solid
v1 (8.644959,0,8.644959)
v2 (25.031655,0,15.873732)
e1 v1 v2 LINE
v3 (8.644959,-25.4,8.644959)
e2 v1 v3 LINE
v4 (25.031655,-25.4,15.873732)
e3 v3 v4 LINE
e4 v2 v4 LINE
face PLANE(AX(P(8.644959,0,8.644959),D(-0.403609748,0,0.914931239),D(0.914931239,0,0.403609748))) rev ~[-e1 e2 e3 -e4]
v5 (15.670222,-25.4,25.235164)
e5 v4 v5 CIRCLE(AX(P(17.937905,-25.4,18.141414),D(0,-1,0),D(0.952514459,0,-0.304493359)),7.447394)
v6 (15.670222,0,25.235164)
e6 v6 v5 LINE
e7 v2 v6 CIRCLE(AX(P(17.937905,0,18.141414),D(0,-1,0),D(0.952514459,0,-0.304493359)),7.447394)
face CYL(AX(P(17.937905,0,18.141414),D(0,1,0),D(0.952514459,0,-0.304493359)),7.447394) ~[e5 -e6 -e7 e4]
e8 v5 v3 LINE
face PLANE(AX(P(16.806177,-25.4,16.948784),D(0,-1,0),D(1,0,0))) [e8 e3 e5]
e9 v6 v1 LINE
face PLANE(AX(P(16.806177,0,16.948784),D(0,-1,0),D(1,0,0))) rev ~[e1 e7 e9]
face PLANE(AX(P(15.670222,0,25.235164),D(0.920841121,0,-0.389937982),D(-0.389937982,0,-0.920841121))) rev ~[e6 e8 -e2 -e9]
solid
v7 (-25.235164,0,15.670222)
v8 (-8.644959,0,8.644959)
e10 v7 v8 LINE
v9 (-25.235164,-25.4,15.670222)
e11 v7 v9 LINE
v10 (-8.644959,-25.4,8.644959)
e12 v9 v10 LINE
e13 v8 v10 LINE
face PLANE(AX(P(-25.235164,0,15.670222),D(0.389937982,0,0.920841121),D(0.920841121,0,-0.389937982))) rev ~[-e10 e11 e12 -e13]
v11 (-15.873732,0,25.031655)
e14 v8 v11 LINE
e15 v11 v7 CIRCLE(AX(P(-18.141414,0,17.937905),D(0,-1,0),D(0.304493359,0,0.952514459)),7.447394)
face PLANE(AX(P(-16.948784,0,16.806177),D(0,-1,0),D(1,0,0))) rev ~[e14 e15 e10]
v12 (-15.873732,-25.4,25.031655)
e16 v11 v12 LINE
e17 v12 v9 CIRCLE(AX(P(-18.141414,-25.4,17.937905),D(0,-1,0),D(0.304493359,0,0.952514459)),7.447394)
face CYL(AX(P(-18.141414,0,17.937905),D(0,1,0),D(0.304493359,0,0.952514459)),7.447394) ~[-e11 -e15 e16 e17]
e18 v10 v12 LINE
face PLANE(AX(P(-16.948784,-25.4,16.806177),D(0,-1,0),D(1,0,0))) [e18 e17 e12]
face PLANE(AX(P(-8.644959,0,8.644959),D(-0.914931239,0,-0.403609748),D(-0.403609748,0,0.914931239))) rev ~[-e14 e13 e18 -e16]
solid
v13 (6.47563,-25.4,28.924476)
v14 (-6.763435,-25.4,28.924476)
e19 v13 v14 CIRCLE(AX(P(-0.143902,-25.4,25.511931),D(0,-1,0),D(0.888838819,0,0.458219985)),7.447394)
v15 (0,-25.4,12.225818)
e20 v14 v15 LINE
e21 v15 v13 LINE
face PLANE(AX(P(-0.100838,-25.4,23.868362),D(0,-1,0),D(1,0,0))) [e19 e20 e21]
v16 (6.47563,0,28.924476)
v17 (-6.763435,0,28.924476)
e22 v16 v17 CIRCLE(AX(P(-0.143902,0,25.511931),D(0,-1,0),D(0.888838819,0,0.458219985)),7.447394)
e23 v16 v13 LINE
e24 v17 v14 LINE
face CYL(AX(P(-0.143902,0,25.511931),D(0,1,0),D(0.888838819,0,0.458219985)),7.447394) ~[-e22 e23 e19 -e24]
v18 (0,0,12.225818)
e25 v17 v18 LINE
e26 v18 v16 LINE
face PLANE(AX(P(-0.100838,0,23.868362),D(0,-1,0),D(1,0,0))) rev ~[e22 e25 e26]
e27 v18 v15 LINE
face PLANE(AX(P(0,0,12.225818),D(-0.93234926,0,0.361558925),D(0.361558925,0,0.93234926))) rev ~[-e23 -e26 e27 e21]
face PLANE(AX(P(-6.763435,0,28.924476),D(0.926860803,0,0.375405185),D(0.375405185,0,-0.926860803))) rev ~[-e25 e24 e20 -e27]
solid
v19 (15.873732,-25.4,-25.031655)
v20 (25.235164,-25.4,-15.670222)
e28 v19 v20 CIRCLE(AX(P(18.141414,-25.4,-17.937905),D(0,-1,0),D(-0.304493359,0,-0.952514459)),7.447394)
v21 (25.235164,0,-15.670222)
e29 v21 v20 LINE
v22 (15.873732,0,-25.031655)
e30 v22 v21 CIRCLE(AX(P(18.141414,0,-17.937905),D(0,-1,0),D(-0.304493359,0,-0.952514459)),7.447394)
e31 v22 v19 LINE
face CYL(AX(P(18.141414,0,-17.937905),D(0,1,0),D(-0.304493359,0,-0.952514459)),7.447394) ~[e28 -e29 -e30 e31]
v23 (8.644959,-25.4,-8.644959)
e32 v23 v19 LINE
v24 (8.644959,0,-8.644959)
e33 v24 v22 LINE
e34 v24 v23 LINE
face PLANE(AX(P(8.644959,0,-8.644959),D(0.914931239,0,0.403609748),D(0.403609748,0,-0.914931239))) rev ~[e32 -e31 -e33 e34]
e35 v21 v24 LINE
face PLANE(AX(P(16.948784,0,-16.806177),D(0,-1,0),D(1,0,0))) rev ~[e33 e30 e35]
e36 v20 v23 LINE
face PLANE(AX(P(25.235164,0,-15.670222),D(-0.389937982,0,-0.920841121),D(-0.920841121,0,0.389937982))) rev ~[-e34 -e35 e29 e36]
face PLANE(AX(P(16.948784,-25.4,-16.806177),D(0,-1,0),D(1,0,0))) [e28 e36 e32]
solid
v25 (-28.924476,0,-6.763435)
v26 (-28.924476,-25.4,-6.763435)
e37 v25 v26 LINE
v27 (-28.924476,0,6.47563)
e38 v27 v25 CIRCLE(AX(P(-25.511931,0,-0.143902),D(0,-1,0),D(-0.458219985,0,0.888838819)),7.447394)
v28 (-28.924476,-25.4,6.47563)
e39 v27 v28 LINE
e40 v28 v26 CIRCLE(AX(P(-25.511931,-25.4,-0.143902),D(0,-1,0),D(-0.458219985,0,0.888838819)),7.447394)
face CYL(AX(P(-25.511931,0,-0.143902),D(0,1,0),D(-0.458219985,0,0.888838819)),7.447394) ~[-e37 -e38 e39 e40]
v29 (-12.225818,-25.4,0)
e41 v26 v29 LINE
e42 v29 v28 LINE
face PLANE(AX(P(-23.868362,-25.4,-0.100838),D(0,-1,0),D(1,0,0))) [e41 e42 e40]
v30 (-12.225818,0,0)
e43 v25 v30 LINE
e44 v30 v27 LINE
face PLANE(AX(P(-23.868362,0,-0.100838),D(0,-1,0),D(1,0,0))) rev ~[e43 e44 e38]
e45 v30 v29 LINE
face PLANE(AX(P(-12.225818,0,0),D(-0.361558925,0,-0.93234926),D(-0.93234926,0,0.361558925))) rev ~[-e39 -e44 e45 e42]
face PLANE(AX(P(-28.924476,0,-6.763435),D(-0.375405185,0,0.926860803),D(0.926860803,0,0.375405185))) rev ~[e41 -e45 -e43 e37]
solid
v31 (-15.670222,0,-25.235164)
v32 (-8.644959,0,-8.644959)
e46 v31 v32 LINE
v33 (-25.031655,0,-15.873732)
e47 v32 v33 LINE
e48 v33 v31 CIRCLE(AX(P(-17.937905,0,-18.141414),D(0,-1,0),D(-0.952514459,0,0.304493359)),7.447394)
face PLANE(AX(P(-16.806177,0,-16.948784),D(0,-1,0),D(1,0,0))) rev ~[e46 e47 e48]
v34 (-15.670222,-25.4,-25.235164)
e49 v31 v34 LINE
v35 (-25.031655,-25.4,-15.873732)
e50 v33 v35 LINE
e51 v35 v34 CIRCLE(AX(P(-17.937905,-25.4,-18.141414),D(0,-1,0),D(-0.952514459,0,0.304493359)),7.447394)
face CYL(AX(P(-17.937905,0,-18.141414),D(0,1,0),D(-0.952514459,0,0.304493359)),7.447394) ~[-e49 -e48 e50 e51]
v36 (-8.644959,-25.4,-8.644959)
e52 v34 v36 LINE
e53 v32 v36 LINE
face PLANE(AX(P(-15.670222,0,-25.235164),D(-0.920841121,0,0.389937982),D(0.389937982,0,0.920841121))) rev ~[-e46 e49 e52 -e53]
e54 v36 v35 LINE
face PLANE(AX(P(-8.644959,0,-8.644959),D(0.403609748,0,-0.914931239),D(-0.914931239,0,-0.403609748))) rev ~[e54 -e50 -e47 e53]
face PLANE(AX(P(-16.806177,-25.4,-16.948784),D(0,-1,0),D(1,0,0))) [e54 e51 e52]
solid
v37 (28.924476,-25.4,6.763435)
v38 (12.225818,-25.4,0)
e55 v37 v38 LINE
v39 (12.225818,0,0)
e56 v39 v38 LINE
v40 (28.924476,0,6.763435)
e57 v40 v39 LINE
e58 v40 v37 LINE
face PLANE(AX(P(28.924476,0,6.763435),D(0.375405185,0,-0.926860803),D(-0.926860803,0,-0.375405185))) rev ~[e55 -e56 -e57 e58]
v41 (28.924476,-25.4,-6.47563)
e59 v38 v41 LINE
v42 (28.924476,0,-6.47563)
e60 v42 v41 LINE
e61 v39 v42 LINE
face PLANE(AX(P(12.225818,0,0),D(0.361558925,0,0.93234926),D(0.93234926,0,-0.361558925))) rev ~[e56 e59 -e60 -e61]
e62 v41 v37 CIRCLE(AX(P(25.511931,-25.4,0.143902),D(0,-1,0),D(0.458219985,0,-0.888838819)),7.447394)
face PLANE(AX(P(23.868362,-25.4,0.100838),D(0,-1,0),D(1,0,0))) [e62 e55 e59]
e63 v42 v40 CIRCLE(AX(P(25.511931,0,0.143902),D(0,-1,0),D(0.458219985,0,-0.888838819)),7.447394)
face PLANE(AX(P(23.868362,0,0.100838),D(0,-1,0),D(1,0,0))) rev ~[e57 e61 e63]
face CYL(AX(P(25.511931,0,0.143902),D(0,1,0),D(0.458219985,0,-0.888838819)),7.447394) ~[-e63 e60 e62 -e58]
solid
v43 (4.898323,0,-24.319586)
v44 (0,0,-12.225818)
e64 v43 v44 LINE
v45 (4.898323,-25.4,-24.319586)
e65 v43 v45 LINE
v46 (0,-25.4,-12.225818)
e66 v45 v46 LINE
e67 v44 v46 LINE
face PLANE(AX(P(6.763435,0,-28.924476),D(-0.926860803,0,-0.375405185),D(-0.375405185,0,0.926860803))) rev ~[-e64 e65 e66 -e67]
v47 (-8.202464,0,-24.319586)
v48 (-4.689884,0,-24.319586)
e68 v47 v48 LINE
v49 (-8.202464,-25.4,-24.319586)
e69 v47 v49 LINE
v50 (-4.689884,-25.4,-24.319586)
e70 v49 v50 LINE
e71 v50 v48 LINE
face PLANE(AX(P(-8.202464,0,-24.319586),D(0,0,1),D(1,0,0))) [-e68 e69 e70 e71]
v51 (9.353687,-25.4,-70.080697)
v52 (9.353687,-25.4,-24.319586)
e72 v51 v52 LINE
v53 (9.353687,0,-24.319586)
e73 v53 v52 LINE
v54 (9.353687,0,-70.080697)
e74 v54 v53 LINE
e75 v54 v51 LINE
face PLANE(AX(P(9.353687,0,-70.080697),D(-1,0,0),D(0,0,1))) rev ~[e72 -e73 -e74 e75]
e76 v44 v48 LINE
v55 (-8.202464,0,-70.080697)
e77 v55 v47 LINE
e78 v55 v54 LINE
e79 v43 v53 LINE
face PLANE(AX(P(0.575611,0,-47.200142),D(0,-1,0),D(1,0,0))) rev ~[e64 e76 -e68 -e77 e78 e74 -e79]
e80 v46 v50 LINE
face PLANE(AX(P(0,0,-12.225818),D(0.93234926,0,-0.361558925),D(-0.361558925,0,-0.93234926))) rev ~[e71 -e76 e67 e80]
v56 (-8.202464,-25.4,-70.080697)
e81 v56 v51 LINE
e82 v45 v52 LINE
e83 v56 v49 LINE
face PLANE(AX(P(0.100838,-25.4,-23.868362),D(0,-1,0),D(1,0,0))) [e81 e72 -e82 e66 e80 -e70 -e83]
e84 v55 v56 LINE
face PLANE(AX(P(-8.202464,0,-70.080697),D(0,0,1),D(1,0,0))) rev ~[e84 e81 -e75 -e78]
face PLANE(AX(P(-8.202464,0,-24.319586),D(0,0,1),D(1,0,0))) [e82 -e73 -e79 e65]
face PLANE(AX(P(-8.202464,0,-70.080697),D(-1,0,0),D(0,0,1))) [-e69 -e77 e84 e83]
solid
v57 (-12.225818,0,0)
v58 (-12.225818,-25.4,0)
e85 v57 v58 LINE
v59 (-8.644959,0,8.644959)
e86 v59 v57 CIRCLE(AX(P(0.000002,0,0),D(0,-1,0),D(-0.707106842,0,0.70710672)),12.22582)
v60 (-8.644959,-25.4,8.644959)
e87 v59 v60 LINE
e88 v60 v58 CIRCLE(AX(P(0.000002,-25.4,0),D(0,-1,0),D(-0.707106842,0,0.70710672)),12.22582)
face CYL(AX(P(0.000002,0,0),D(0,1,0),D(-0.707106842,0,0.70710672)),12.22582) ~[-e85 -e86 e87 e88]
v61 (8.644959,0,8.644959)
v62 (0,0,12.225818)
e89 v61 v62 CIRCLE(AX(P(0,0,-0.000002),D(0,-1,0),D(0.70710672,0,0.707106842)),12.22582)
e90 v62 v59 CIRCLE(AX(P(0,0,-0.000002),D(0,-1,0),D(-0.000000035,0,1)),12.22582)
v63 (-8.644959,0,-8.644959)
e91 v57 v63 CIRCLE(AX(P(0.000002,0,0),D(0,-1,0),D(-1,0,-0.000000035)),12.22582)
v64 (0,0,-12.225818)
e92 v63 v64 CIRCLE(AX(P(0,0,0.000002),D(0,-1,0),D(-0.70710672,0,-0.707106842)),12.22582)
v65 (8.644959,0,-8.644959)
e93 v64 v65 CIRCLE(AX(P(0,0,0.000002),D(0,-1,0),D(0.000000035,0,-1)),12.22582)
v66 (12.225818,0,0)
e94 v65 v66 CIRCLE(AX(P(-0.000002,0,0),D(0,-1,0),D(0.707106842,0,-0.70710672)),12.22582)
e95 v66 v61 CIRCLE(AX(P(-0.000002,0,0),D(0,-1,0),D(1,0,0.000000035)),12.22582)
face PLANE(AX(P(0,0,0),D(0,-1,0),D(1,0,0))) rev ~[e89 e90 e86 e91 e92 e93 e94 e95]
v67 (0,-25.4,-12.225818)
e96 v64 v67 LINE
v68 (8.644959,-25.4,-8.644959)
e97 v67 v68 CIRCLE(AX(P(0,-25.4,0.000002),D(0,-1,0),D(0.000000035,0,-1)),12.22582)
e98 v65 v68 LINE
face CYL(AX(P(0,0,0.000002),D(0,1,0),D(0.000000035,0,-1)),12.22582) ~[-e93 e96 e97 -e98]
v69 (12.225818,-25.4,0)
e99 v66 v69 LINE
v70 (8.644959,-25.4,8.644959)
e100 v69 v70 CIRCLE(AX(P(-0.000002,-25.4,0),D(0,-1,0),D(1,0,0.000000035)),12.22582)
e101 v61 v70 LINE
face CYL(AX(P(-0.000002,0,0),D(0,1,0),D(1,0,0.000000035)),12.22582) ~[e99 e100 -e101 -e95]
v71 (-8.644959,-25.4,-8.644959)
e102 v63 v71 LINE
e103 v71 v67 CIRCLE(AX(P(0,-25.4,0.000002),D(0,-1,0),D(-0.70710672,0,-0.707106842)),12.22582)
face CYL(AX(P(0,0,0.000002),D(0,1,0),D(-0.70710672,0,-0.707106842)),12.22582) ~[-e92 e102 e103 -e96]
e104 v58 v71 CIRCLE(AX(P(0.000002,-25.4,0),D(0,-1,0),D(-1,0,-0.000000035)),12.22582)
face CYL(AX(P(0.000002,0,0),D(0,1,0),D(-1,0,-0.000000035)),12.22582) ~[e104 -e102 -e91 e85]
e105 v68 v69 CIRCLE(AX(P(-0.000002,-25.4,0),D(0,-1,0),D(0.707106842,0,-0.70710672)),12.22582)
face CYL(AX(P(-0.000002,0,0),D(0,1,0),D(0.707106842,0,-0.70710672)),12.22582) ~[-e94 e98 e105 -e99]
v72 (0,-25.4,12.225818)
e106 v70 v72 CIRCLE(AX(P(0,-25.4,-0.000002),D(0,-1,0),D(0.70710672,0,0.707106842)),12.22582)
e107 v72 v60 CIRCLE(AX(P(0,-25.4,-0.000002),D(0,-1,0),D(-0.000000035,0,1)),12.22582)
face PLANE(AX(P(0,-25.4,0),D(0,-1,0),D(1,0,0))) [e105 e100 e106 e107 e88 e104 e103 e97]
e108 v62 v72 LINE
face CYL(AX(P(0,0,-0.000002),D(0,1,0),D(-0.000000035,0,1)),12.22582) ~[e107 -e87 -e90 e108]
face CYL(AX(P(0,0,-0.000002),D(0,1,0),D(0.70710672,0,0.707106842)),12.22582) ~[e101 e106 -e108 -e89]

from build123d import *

# Parameters (mm, degrees)
F0_W      = 17.556151
F0_H      = 45.761111
F1_DEPTH  = 25.4
F3_DEPTH  = 25.4
F4_DEPTH  = 25.4
F5_DEPTH  = 25.4
F6_DEPTH  = 25.4
F7_DEPTH  = 25.4
F8_DEPTH  = 25.4
F9_DEPTH  = 25.4
F10_DEPTH = 25.4


with BuildPart() as f1:
    # F0 (on Front) → F1 (new body)
    with BuildSketch(Plane.XZ):
        with Locations((0.575611, -47.200142)):
            Rectangle(F0_W, F0_H)
    extrude(amount=F1_DEPTH)

    # F2 (on Front) → F9 (join)
    with BuildSketch(Plane.XZ):
        with BuildLine():
            Line((6.763435, -28.924476), (0, -12.225818))
            Line((0, -12.225818), (-6.47563, -28.924476))
            ThreePointArc((-6.47563, -28.924476), (0.143903, -32.959325), (6.763435, -28.924476))
        make_face()
    extrude(amount=F9_DEPTH)


with BuildPart() as f3:
    # F2 (on Front) → F3 (new body)
    with BuildSketch(Plane.XZ):
        with BuildLine():
            Line((25.235164, -15.670222), (8.644959, -8.644959))
            Line((8.644959, -8.644959), (15.873732, -25.031655))
            ThreePointArc((15.873732, -25.031655), (23.407517, -23.204007), (25.235164, -15.670222))
        make_face()
        with BuildLine():
            Line((28.924476, 6.763435), (12.225818, 0))
            Line((12.225818, 0), (28.924476, -6.47563))
            ThreePointArc((28.924476, -6.47563), (32.959325, 0.143903), (28.924476, 6.763435))
        make_face()
    extrude(amount=F3_DEPTH)


with BuildPart() as f4:
    # F2 (on Front) → F4 (new body)
    with BuildSketch(Plane.XZ):
        with BuildLine():
            Line((15.670222, 25.235164), (8.644959, 8.644959))
            Line((8.644959, 8.644959), (25.031655, 15.873732))
            ThreePointArc((25.031655, 15.873732), (23.204007, 23.407517), (15.670222, 25.235164))
        make_face()
    extrude(amount=F4_DEPTH)


with BuildPart() as f5:
    # F2 (on Front) → F5 (new body)
    with BuildSketch(Plane.XZ):
        with BuildLine():
            Line((-25.235164, 15.670222), (-8.644959, 8.644959))
            Line((-8.644959, 8.644959), (-15.873732, 25.031655))
            ThreePointArc((-15.873732, 25.031655), (-23.407517, 23.204007), (-25.235164, 15.670222))
        make_face()
    extrude(amount=F5_DEPTH)


with BuildPart() as f6:
    # F2 (on Front) → F6 (new body)
    with BuildSketch(Plane.XZ):
        with BuildLine():
            Line((-28.924476, -6.763435), (-12.225818, 0))
            Line((-12.225818, 0), (-28.924476, 6.47563))
            ThreePointArc((-28.924476, 6.47563), (-32.959325, -0.143903), (-28.924476, -6.763435))
        make_face()
    extrude(amount=F6_DEPTH)


with BuildPart() as f7:
    # F2 (on Front) → F7 (new body)
    with BuildSketch(Plane.XZ):
        with BuildLine():
            Line((-6.763435, 28.924476), (0, 12.225818))
            Line((0, 12.225818), (6.47563, 28.924476))
            ThreePointArc((6.47563, 28.924476), (-0.143903, 32.959325), (-6.763435, 28.924476))
        make_face()
    extrude(amount=F7_DEPTH)


with BuildPart() as f8:
    # F2 (on Front) → F8 (new body)
    with BuildSketch(Plane.XZ):
        with BuildLine():
            Line((-15.670222, -25.235164), (-8.644959, -8.644959))
            Line((-8.644959, -8.644959), (-25.031655, -15.873732))
            ThreePointArc((-25.031655, -15.873732), (-23.204007, -23.407517), (-15.670222, -25.235164))
        make_face()
    extrude(amount=F8_DEPTH)


with BuildPart() as f10:
    # F2 (on Front) → F10 (new body)
    with BuildSketch(Plane.XZ):
        with BuildLine():
            ThreePointArc((8.644959, -8.644959), (11.295183, -4.678618), (12.225818, 0))
            ThreePointArc((12.225818, 0), (11.295183, 4.678618), (8.644959, 8.644959))
            ThreePointArc((8.644959, 8.644959), (4.678618, 11.295183), (0, 12.225818))
            ThreePointArc((0, 12.225818), (-4.678618, 11.295183), (-8.644959, 8.644959))
            ThreePointArc((-8.644959, 8.644959), (-11.295183, 4.678618), (-12.225818, 0))
            ThreePointArc((-12.225818, 0), (-11.295183, -4.678618), (-8.644959, -8.644959))
            ThreePointArc((-8.644959, -8.644959), (-4.678618, -11.295183), (0, -12.225818))
            ThreePointArc((0, -12.225818), (4.678618, -11.295183), (8.644959, -8.644959))
        make_face()
    extrude(amount=F10_DEPTH)


solid = Compound([f1.part, f3.part, f4.part, f5.part, f6.part, f7.part, f8.part, f10.part])
